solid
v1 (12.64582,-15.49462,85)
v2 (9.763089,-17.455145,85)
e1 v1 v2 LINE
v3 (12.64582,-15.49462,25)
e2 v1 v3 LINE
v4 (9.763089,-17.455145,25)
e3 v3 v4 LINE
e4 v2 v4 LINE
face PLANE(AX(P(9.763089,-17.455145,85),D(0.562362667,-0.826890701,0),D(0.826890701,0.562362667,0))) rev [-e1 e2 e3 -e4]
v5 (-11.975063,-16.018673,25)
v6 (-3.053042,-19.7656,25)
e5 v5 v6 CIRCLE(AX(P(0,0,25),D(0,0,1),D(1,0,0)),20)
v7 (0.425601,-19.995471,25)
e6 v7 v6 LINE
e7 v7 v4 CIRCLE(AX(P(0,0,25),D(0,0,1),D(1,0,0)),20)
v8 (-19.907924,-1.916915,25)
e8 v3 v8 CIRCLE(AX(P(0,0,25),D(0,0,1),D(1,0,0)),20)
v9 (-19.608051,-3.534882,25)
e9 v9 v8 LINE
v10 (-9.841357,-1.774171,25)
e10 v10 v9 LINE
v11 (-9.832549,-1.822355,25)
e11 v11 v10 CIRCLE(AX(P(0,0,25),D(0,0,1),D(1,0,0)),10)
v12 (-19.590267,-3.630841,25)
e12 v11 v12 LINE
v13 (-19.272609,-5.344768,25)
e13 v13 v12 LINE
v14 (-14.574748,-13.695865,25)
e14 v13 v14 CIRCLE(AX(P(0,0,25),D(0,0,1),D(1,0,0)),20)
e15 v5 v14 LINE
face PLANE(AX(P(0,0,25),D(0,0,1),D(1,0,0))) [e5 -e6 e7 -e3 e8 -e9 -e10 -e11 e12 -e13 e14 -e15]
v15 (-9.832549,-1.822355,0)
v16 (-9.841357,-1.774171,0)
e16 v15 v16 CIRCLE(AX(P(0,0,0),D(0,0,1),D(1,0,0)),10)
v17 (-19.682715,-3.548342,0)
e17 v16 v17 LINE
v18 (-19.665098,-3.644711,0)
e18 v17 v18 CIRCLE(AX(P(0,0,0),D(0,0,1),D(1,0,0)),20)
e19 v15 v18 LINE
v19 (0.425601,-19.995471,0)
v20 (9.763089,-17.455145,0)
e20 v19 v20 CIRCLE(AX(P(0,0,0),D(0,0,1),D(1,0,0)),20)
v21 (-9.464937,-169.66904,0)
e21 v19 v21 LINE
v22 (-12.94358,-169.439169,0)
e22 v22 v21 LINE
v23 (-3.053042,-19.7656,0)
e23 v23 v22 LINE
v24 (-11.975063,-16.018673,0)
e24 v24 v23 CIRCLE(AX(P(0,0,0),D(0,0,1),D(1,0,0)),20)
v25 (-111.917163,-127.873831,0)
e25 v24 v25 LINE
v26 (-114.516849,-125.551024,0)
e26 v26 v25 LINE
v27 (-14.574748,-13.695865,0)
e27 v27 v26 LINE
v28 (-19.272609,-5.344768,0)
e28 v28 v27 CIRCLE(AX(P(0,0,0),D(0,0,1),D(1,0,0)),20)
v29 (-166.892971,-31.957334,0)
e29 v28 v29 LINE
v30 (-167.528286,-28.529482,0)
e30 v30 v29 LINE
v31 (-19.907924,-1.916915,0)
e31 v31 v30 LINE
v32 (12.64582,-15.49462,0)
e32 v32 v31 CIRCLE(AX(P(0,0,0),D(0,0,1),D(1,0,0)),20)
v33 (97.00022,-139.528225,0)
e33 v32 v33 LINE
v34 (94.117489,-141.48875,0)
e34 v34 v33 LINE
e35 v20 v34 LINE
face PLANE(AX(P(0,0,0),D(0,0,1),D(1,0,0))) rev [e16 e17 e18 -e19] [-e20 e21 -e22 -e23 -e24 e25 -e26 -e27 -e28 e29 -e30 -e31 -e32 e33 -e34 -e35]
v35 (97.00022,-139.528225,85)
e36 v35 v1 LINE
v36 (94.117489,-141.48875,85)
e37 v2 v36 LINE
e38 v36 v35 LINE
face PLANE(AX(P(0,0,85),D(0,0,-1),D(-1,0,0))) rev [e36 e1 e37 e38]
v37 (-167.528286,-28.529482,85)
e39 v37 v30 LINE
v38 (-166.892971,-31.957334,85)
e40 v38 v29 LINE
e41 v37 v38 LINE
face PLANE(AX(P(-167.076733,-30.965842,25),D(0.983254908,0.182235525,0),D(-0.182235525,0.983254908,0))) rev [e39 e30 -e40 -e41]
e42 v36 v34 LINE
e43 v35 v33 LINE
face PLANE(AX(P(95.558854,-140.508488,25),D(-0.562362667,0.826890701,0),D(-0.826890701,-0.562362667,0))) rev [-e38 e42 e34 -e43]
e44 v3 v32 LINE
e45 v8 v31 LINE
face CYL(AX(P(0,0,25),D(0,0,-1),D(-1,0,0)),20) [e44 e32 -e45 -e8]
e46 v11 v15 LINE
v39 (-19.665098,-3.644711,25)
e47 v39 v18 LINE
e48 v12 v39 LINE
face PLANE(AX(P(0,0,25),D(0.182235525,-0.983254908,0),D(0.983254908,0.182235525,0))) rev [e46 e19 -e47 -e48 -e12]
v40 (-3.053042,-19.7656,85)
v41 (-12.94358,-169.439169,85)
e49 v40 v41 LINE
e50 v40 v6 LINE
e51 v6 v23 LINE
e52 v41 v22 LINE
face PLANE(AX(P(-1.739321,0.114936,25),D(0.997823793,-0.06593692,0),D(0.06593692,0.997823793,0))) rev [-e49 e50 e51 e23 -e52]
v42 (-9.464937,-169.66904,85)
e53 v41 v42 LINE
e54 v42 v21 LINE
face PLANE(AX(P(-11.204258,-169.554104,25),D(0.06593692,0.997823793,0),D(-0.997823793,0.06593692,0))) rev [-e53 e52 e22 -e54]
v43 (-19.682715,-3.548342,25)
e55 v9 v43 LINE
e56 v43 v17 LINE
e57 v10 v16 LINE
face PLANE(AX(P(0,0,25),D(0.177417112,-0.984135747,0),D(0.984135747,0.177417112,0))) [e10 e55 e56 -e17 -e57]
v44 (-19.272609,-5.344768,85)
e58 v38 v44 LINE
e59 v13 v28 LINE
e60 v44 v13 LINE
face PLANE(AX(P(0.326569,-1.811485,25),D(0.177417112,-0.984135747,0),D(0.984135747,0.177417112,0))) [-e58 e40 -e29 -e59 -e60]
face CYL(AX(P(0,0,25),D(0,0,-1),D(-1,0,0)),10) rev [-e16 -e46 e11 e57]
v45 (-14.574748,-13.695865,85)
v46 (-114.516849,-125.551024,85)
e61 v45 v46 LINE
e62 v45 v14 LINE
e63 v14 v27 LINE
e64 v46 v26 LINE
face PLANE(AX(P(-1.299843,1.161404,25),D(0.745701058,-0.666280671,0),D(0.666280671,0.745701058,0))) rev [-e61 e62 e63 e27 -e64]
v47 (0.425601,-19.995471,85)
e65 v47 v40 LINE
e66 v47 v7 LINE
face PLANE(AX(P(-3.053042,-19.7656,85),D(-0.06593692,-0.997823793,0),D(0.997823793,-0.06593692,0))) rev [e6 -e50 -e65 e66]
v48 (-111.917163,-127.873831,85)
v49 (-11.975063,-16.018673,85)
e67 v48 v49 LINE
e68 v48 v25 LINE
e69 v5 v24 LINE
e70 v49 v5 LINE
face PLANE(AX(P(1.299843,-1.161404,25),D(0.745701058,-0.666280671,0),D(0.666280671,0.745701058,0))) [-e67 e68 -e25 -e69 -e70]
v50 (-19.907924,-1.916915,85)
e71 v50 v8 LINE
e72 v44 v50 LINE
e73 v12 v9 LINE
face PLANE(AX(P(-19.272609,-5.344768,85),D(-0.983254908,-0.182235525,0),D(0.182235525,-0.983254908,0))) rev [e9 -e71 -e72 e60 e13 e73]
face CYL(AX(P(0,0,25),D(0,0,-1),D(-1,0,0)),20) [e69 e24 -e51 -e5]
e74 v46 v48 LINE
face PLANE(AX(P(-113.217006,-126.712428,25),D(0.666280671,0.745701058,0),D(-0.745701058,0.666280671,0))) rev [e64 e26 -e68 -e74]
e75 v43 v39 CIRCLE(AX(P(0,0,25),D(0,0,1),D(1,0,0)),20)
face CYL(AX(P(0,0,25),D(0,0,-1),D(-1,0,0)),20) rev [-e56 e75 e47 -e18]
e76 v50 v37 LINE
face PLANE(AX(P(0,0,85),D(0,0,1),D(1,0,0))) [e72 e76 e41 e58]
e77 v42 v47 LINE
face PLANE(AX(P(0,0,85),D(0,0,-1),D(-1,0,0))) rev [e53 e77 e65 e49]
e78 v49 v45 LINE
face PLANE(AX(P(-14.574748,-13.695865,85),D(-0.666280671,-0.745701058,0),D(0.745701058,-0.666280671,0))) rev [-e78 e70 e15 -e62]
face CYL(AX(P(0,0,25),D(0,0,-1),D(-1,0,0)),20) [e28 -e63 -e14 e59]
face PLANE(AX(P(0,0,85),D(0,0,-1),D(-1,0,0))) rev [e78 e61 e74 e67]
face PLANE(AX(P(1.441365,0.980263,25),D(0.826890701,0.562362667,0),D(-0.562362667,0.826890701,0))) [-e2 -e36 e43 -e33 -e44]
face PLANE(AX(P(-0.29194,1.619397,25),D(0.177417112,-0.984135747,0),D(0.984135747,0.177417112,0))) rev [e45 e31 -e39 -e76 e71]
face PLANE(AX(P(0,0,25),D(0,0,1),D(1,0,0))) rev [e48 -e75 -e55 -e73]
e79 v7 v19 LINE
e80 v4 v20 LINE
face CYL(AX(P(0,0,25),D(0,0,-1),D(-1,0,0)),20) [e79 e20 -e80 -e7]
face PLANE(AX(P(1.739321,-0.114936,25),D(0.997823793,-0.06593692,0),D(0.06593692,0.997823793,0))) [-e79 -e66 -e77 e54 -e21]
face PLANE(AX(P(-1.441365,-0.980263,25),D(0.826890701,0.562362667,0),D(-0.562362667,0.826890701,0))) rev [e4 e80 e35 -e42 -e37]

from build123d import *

# Parameters (mm, degrees)
BOSS_EXTRUDE2_DEPTH = 25
BOSS_EXTRUDE3_DEPTH = 60


with BuildPart() as part:
    # Sketch1 → Boss-Extrude2 (new body)
    with BuildSketch(Plane.XY):
        with BuildLine():
            ThreePointArc((-19.272609064, -5.344767522), (-17.431181917, -9.805809349), (-14.574748022, -13.695865072))
            Line((-14.574748022, -13.695865072), (-114.51684862, -125.551023774))
            Line((-114.51684862, -125.551023774), (-111.917163437, -127.873831243))
            Line((-111.917163437, -127.873831243), (-11.975062839, -16.018672542))
            ThreePointArc((-11.975062839, -16.018672542), (-7.744084669, -18.43987941), (-3.053041676, -19.765599827))
            Line((-3.053041676, -19.765599827), (-12.943579656, -169.439168831))
            Line((-12.943579656, -169.439168831), (-9.464936702, -169.66904008))
            Line((-9.464936702, -169.66904008), (0.425601277, -19.995471076))
            ThreePointArc((0.425601277, -19.995471076), (5.250301367, -19.298557862), (9.763088678, -17.455145358))
            Line((9.763088678, -17.455145358), (94.117488701, -141.488750468))
            Line((94.117488701, -141.488750468), (97.000219629, -139.528225031))
            Line((97.000219629, -139.528225031), (12.645819606, -15.494619921))
            ThreePointArc((12.645819606, -15.494619921), (7.698899748, 18.45879039), (-19.907923967, -1.91691505))
            Line((-19.907923967, -1.91691505), (-167.528286005, -28.529481853))
            Line((-167.528286005, -28.529481853), (-166.892971102, -31.957334324))
            Line((-166.892971102, -31.957334324), (-19.272609064, -5.344767522))
        make_face()
        with BuildLine():
            Line((-19.682714938, -3.54834224), (-9.841357469, -1.77417112))
            ThreePointArc((-9.841357469, -1.77417112), (9.836982775, 1.798268581), (-9.832549076, -1.822355255))
            Line((-9.832549076, -1.822355255), (-19.665098151, -3.64471051))
            ThreePointArc((-19.665098151, -3.64471051), (-19.67396555, -3.596537162), (-19.682714938, -3.54834224))
        make_face(mode=Mode.SUBTRACT)
    extrude(amount=BOSS_EXTRUDE2_DEPTH)

    # Sketch2 → Boss-Extrude3 (add)
    with BuildSketch(Plane.XY.offset(25)):
        Polygon((-167.528286005, -28.529481853), (-166.892971102, -31.957334324), (-19.272609064, -5.344767522), (-19.907923967, -1.91691505), align=None)
        Polygon((-14.574748022, -13.695865072), (-11.975062839, -16.018672542), (-111.917163437, -127.873831243), (-114.51684862, -125.551023774), align=None)
        Polygon((-3.053041676, -19.765599827), (0.425601277, -19.995471076), (-9.464936702, -169.66904008), (-12.943579656, -169.439168831), align=None)
        Polygon((9.763088678, -17.455145358), (12.645819606, -15.494619921), (97.000219629, -139.528225031), (94.117488701, -141.488750468), align=None)
    extrude(amount=BOSS_EXTRUDE3_DEPTH)


solid = part.part
